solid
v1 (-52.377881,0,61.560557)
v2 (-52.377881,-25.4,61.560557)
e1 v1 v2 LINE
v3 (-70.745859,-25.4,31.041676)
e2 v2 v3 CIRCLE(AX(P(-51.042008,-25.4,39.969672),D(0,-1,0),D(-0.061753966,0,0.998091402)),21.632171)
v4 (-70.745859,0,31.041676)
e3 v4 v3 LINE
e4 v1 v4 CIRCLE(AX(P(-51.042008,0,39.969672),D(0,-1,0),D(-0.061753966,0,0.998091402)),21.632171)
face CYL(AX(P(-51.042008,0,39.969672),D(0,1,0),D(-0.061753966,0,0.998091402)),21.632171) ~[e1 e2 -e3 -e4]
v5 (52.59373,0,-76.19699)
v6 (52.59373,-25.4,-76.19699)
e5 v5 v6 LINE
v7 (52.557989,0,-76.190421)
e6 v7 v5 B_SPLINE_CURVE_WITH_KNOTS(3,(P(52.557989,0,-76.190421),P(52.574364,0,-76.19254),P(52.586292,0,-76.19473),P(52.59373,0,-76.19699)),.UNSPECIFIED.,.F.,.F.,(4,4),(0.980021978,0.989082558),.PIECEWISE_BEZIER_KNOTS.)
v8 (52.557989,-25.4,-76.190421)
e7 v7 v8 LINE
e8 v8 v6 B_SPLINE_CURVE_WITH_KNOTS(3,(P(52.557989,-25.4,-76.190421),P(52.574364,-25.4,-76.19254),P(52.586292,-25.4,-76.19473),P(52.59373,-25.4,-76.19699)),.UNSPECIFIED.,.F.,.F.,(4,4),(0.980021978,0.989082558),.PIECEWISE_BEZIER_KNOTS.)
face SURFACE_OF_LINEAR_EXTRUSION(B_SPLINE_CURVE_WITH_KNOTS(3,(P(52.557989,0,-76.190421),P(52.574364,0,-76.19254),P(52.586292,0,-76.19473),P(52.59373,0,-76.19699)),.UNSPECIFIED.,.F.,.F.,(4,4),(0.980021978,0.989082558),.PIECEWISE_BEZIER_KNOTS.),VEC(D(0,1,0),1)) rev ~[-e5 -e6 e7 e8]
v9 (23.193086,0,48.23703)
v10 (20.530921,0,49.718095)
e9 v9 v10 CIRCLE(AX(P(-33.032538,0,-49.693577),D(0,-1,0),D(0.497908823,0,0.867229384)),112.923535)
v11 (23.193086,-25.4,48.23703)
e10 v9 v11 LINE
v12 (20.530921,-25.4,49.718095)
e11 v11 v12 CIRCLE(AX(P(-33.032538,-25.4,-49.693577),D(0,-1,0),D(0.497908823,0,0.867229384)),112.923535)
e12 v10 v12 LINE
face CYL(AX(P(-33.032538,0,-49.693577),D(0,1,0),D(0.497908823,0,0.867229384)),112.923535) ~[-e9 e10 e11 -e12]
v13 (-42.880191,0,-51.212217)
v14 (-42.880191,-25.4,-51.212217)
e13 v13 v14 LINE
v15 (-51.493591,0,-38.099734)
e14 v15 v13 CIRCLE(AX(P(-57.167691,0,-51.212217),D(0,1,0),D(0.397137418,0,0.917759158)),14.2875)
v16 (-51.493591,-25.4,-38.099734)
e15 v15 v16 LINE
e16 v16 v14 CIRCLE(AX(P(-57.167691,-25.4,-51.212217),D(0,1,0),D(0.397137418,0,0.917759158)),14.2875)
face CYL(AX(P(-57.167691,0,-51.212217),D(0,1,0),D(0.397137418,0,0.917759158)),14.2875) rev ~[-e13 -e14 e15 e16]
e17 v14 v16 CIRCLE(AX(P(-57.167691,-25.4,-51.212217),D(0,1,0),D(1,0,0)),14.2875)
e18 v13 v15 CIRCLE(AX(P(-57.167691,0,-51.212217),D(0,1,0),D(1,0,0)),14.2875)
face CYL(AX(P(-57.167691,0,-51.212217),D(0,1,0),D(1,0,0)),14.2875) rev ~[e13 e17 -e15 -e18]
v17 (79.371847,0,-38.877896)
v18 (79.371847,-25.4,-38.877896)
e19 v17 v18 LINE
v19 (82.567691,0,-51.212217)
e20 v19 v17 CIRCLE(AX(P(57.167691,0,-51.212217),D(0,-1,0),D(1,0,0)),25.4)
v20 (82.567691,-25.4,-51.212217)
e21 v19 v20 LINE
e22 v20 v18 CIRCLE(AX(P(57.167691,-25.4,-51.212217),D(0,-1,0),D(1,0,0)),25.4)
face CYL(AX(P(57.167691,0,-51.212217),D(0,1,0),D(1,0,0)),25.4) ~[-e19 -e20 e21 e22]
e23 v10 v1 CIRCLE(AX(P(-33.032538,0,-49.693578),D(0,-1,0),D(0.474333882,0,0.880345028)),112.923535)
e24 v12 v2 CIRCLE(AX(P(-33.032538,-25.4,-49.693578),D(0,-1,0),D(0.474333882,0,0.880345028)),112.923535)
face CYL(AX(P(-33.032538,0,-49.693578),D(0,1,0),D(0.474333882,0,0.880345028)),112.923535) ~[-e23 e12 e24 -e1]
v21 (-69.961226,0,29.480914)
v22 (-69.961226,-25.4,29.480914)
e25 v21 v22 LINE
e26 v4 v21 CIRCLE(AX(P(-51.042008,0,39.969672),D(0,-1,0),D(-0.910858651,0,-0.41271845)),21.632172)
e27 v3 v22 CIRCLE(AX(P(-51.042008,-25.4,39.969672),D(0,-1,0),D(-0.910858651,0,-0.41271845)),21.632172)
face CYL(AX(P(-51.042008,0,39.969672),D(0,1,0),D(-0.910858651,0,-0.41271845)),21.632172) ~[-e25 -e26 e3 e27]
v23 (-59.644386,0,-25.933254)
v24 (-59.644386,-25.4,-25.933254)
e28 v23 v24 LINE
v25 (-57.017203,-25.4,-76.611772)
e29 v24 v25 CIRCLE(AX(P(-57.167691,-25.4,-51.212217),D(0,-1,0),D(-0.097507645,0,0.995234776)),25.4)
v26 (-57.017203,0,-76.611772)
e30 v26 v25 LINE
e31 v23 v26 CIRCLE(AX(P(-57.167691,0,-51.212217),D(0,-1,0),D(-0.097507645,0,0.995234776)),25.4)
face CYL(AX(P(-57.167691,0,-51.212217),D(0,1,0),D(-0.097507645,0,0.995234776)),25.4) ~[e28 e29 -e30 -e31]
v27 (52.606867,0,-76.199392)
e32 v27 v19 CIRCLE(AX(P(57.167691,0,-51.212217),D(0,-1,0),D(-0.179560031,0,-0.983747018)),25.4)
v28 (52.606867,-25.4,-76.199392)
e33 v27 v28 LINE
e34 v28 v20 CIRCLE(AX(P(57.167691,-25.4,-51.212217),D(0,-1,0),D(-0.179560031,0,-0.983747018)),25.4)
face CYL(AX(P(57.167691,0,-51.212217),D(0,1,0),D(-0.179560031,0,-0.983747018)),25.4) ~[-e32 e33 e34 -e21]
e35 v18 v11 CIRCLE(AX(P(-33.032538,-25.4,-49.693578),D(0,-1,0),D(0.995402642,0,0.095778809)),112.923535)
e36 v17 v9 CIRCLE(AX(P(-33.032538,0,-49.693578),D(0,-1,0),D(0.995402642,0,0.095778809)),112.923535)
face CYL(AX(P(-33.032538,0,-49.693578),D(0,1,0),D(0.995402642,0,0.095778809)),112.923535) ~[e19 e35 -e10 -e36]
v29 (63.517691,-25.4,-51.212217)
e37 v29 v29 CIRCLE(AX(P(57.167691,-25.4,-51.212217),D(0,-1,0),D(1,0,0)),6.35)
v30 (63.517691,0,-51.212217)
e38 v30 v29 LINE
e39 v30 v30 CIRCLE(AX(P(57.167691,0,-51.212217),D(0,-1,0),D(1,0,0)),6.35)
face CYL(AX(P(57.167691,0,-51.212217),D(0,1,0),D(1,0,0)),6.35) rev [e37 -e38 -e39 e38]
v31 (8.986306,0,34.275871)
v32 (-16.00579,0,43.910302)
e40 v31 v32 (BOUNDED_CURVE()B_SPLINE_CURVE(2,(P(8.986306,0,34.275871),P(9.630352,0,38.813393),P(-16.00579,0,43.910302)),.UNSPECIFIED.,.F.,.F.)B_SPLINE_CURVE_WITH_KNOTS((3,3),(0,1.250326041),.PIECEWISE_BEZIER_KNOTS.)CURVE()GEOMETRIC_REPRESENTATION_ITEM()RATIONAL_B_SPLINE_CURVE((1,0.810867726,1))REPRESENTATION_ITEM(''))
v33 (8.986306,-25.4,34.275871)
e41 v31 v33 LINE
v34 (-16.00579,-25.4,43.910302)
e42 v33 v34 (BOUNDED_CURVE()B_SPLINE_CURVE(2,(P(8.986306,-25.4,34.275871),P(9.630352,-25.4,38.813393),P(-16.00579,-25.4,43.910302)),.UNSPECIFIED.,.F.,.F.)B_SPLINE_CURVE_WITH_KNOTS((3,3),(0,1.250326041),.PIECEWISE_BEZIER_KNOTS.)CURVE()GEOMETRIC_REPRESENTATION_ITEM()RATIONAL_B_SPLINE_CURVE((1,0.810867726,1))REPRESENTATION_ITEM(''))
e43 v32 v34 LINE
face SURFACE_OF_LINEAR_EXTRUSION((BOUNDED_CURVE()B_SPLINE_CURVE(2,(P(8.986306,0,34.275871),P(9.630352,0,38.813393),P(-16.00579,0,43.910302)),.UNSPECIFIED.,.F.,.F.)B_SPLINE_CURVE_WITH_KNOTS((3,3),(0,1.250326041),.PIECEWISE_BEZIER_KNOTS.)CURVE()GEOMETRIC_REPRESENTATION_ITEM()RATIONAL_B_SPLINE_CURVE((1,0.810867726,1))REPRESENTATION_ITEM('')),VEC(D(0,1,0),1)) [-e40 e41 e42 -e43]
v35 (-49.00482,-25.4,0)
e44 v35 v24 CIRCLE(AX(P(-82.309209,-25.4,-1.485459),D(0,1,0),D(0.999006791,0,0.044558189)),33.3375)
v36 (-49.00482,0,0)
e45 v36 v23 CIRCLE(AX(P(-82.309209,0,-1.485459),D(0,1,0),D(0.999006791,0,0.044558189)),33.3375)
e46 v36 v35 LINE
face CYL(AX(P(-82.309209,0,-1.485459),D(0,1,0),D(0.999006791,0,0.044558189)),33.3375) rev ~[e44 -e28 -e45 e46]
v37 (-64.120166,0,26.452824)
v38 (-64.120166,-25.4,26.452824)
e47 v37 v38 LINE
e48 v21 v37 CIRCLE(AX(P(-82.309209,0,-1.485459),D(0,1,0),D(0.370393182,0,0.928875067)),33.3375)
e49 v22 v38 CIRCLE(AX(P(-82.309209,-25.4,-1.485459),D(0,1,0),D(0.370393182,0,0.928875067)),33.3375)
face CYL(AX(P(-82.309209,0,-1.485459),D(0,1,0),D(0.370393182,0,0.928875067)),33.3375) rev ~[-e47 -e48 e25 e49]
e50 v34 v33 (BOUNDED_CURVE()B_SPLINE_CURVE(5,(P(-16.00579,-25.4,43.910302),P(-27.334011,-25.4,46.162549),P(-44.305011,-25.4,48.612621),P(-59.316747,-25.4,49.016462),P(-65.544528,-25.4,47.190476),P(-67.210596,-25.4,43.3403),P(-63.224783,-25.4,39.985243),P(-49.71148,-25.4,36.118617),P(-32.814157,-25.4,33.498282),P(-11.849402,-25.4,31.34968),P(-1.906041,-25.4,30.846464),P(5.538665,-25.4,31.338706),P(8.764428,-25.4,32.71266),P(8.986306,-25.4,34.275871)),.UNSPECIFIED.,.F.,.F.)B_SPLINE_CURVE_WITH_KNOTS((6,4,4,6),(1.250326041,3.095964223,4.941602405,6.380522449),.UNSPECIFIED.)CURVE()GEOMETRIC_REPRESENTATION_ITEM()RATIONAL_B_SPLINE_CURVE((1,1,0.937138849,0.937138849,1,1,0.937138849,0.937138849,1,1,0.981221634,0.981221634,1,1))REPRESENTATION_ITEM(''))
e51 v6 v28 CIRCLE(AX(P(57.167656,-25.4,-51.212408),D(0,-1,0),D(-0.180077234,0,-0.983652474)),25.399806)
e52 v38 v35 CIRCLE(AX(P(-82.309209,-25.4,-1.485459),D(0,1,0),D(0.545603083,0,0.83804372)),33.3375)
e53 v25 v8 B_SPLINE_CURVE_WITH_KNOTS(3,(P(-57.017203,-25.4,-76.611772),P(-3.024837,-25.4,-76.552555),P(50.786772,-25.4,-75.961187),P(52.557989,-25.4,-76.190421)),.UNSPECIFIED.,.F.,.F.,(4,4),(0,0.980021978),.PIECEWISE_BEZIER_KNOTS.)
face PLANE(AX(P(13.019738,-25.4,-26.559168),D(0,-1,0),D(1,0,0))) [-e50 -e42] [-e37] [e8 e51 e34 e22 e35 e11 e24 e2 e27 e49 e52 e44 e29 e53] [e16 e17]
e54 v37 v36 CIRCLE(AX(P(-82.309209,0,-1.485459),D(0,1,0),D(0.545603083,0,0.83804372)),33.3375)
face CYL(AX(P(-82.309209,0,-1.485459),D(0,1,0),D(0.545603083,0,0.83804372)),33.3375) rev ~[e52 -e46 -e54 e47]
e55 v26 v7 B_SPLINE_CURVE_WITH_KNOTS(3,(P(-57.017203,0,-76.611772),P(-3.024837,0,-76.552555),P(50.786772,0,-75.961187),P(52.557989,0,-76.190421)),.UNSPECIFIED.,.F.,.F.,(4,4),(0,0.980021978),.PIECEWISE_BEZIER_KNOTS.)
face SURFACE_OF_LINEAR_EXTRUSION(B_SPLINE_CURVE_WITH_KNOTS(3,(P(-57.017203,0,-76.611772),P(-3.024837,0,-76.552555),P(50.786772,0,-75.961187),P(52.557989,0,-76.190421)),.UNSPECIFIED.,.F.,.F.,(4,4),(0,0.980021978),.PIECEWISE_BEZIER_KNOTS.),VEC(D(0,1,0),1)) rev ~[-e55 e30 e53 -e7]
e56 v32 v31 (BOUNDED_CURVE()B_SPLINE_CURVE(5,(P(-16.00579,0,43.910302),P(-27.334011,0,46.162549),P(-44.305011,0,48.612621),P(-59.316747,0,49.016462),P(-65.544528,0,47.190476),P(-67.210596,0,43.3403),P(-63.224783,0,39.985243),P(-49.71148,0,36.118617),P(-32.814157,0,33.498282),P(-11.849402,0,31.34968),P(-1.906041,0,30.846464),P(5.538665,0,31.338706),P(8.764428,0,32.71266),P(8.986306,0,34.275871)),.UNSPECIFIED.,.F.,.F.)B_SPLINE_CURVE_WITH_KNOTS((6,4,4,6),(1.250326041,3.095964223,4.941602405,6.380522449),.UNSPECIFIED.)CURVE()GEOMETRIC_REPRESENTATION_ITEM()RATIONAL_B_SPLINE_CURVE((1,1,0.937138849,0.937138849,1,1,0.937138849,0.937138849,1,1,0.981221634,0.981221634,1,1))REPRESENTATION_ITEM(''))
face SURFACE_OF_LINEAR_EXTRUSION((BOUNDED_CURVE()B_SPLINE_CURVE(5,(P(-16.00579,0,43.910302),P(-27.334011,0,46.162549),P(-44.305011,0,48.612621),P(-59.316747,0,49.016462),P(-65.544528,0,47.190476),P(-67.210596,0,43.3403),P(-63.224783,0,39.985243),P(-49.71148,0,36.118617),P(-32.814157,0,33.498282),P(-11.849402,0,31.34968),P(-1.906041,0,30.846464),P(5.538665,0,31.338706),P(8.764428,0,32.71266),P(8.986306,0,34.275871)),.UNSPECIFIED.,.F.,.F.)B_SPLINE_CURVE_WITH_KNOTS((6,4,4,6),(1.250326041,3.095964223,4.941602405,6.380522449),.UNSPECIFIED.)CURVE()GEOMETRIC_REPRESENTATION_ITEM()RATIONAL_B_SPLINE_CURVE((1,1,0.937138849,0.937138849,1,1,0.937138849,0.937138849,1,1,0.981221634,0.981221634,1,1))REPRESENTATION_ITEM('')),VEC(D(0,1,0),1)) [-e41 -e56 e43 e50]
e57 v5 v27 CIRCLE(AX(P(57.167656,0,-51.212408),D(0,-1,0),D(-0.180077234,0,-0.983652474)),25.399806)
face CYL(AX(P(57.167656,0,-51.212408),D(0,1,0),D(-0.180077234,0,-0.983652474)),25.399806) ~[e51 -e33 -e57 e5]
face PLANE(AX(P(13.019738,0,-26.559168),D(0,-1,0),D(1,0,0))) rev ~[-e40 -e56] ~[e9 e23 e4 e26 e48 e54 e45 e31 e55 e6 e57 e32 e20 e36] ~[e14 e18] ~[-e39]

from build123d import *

# Parameters (mm, degrees)
F0_R     = 6.35
F1_DEPTH = 25.4


with BuildPart() as f1:
    # F0 (on Front) → F1 (new body)
    with BuildSketch(Plane.XZ):
        with BuildLine():
            ThreePointArc((-31.7676914396, -51.212217487), (-39.1540522035, -69.1194451191), (-57.0172033664, -76.6117716827))
            add(Edge.make_bspline(
                [(-57.0172033664, -76.6117716827), (-3.0248368593, -76.5525551068), (50.7867716559, -75.961187166), (52.5579889213, -76.1904208389)],
                knots=[0, 0, 0, 0, 0.9800219778, 0.9800219778, 0.9800219778, 0.9800219778], degree=3))
            ThreePointArc((52.5579889213, -76.1904208389), (36.5413170337, -36.3895092707), (79.3718467057, -38.8778959037))
            ThreePointArc((79.3718467057, -38.8778959037), (61.8688452583, 11.5065215408), (23.1930861664, 48.2370298349))
            ThreePointArc((23.1930861664, 48.2370298349), (28.9143020596, 28.2556514941), (10.3670218959, 18.8755560666))
            add(Edge.make_bspline(
                [(10.3670218959, 18.8755560666), (-2.1001551352, 19.5812241264), (-14.5673321663, 20.2868921862), (-25.8544281764, 21.1507299831)],
                knots=[0, 0, 0, 0, 0.2639850352, 0.2639850352, 0.2639850352, 0.2639850352], degree=3))
            Line((-25.8544281764, 21.1507299831), (-35.0068798015, 0))
            Line((-35.0068798015, 0), (-47.080401024, -27.9011348851))
            ThreePointArc((-47.080401024, -27.9011348851), (-35.9382640268, -37.2669167831), (-31.7676914396, -51.212217487))
        make_face()
        with BuildLine():
            ThreePointArc((-64.120165776, 26.4528238745), (-53.3638920267, 15.0541168659), (-49.0048196685, 0))
            Line((-49.0048196685, 0), (-35.0068798015, 0))
            Line((-35.0068798015, 0), (-25.8544281764, 21.1507299831))
            add(Edge.make_bspline(
                [(-25.8544281764, 21.1507299831), (-42.3669946541, 22.4144898585), (-56.3538914828, 24.0167726806), (-64.120165776, 26.4528238745)],
                knots=[0.2639850352, 0.2639850352, 0.2639850352, 0.2639850352, 0.6501845004, 0.6501845004, 0.6501845004, 0.6501845004], degree=3))
        make_face()
        with BuildLine():
            ThreePointArc((-47.080401024, -27.9011348851), (-53.2372420484, -26.11816306), (-59.6443856111, -25.9332541779))
            ThreePointArc((-59.6443856111, -25.9332541779), (-82.5336300744, -52.5271916986), (-57.0172033664, -76.6117716827))
            ThreePointArc((-57.0172033664, -76.6117716827), (-39.1540522035, -69.1194451191), (-31.7676914396, -51.212217487))
            ThreePointArc((-31.7676914396, -51.212217487), (-35.9382640268, -37.2669167831), (-47.080401024, -27.9011348851))
        make_face()
        with BuildLine():
            ThreePointArc((-42.8801914396, -51.212217487), (-69.1092443594, -59.0564491329), (-51.4935905808, -38.0997335234))
            ThreePointArc((-51.4935905808, -38.0997335234), (-45.2261385199, -43.367985841), (-42.8801914396, -51.212217487))
        make_face(mode=Mode.SUBTRACT)
        with BuildLine():
            ThreePointArc((79.3718467057, -38.8778959037), (36.5413170337, -36.3895092707), (52.5579889213, -76.1904208389))
            add(Edge.make_bspline(
                [(52.5579889213, -76.1904208389), (52.5743643256, -76.192540169), (52.5862915644, -76.1947296403), (52.5937296559, -76.1969903217)],
                knots=[0.9800219778, 0.9800219778, 0.9800219778, 0.9800219778, 0.989082558, 0.989082558, 0.989082558, 0.989082558], degree=3))
            ThreePointArc((52.5937296559, -76.1969903217), (52.6002979989, -76.1981918958), (52.6068666575, -76.1993917431))
            ThreePointArc((52.6068666575, -76.1993917431), (73.4359896071, -70.7186901238), (82.5676914396, -51.212217487))
            ThreePointArc((82.5676914396, -51.212217487), (81.7557530118, -44.841406854), (79.3718467057, -38.8778959037))
        make_face()
        with Locations((57.1676914396, -51.212217487)):
            Circle(F0_R, mode=Mode.SUBTRACT)
        with BuildLine():
            ThreePointArc((-69.9612258419, 29.4809139283), (-66.9658121311, 28.1113164087), (-64.120165776, 26.4528238745))
            add(Edge.make_bspline(
                [(-25.8544281764, 21.1507299831), (-42.3669946541, 22.4144898585), (-56.3538914828, 24.0167726806), (-64.120165776, 26.4528238745)],
                knots=[0.2639850352, 0.2639850352, 0.2639850352, 0.2639850352, 0.6501845004, 0.6501845004, 0.6501845004, 0.6501845004], degree=3))
            add(Edge.make_bspline(
                [(10.3670218959, 18.8755560666), (-2.1001551352, 19.5812241264), (-14.5673321663, 20.2868921862), (-25.8544281764, 21.1507299831)],
                knots=[0, 0, 0, 0, 0.2639850352, 0.2639850352, 0.2639850352, 0.2639850352], degree=3))
            ThreePointArc((10.3670218959, 18.8755560666), (28.9143020596, 28.2556514941), (23.1930861664, 48.2370298349))
            ThreePointArc((23.1930861664, 48.2370298349), (21.8669980712, 48.9865400772), (20.5309205796, 49.7180947064))
            ThreePointArc((20.5309205796, 49.7180947064), (-14.9278192889, 61.7691688623), (-52.3778807354, 61.5605567237))
            ThreePointArc((-52.3778807354, 61.5605567237), (-69.5762470574, 51.1246191915), (-70.7458588908, 31.0416760686))
            ThreePointArc((-70.7458588908, 31.0416760686), (-70.3693035741, 30.2533714564), (-69.9612258419, 29.4809139283))
        make_face()
        with BuildLine():
            add(Edge.make_bspline(
                [(-21.0337741334, 32.2909529727), (8.2781799141, 29.2868763615), (8.9863063511, 34.2758713728)],
                knots=[4.9416024048, 4.9416024048, 4.9416024048, 6.2831853072, 6.2831853072, 6.2831853072], degree=2, weights=[1, 0.7833299403, 1]))
            add(Edge.make_bspline(
                [(-16.0057902586, 43.9103019352), (-62.9271451968, 53.2390806132), (-66.3775621007, 45.2653879619), (-69.8279790046, 37.2916953107), (-21.0337741334, 32.2909529727)],
                knots=[1.2503260414, 1.2503260414, 1.2503260414, 3.0959642231, 3.0959642231, 4.9416024048, 4.9416024048, 4.9416024048], degree=2, weights=[1, 0.6035748791, 1, 0.6035748791, 1]))
            add(Edge.make_bspline(
                [(8.9863063511, 34.2758713728), (9.6303516354, 38.8133925598), (-16.0057902586, 43.9103019352)],
                knots=[0, 0, 0, 1.2503260414, 1.2503260414, 1.2503260414], degree=2, weights=[1, 0.8108677258, 1]))
        make_face(mode=Mode.SUBTRACT)
        with BuildLine():
            ThreePointArc((-49.0048196685, 0), (-51.4665175844, -14.1392059026), (-59.6443856111, -25.9332541779))
            ThreePointArc((-59.6443856111, -25.9332541779), (-53.2372420484, -26.11816306), (-47.080401024, -27.9011348851))
            Line((-47.080401024, -27.9011348851), (-35.0068798015, 0))
            Line((-35.0068798015, 0), (-49.0048196685, 0))
        make_face()
    extrude(amount=F1_DEPTH)


solid = f1.part
